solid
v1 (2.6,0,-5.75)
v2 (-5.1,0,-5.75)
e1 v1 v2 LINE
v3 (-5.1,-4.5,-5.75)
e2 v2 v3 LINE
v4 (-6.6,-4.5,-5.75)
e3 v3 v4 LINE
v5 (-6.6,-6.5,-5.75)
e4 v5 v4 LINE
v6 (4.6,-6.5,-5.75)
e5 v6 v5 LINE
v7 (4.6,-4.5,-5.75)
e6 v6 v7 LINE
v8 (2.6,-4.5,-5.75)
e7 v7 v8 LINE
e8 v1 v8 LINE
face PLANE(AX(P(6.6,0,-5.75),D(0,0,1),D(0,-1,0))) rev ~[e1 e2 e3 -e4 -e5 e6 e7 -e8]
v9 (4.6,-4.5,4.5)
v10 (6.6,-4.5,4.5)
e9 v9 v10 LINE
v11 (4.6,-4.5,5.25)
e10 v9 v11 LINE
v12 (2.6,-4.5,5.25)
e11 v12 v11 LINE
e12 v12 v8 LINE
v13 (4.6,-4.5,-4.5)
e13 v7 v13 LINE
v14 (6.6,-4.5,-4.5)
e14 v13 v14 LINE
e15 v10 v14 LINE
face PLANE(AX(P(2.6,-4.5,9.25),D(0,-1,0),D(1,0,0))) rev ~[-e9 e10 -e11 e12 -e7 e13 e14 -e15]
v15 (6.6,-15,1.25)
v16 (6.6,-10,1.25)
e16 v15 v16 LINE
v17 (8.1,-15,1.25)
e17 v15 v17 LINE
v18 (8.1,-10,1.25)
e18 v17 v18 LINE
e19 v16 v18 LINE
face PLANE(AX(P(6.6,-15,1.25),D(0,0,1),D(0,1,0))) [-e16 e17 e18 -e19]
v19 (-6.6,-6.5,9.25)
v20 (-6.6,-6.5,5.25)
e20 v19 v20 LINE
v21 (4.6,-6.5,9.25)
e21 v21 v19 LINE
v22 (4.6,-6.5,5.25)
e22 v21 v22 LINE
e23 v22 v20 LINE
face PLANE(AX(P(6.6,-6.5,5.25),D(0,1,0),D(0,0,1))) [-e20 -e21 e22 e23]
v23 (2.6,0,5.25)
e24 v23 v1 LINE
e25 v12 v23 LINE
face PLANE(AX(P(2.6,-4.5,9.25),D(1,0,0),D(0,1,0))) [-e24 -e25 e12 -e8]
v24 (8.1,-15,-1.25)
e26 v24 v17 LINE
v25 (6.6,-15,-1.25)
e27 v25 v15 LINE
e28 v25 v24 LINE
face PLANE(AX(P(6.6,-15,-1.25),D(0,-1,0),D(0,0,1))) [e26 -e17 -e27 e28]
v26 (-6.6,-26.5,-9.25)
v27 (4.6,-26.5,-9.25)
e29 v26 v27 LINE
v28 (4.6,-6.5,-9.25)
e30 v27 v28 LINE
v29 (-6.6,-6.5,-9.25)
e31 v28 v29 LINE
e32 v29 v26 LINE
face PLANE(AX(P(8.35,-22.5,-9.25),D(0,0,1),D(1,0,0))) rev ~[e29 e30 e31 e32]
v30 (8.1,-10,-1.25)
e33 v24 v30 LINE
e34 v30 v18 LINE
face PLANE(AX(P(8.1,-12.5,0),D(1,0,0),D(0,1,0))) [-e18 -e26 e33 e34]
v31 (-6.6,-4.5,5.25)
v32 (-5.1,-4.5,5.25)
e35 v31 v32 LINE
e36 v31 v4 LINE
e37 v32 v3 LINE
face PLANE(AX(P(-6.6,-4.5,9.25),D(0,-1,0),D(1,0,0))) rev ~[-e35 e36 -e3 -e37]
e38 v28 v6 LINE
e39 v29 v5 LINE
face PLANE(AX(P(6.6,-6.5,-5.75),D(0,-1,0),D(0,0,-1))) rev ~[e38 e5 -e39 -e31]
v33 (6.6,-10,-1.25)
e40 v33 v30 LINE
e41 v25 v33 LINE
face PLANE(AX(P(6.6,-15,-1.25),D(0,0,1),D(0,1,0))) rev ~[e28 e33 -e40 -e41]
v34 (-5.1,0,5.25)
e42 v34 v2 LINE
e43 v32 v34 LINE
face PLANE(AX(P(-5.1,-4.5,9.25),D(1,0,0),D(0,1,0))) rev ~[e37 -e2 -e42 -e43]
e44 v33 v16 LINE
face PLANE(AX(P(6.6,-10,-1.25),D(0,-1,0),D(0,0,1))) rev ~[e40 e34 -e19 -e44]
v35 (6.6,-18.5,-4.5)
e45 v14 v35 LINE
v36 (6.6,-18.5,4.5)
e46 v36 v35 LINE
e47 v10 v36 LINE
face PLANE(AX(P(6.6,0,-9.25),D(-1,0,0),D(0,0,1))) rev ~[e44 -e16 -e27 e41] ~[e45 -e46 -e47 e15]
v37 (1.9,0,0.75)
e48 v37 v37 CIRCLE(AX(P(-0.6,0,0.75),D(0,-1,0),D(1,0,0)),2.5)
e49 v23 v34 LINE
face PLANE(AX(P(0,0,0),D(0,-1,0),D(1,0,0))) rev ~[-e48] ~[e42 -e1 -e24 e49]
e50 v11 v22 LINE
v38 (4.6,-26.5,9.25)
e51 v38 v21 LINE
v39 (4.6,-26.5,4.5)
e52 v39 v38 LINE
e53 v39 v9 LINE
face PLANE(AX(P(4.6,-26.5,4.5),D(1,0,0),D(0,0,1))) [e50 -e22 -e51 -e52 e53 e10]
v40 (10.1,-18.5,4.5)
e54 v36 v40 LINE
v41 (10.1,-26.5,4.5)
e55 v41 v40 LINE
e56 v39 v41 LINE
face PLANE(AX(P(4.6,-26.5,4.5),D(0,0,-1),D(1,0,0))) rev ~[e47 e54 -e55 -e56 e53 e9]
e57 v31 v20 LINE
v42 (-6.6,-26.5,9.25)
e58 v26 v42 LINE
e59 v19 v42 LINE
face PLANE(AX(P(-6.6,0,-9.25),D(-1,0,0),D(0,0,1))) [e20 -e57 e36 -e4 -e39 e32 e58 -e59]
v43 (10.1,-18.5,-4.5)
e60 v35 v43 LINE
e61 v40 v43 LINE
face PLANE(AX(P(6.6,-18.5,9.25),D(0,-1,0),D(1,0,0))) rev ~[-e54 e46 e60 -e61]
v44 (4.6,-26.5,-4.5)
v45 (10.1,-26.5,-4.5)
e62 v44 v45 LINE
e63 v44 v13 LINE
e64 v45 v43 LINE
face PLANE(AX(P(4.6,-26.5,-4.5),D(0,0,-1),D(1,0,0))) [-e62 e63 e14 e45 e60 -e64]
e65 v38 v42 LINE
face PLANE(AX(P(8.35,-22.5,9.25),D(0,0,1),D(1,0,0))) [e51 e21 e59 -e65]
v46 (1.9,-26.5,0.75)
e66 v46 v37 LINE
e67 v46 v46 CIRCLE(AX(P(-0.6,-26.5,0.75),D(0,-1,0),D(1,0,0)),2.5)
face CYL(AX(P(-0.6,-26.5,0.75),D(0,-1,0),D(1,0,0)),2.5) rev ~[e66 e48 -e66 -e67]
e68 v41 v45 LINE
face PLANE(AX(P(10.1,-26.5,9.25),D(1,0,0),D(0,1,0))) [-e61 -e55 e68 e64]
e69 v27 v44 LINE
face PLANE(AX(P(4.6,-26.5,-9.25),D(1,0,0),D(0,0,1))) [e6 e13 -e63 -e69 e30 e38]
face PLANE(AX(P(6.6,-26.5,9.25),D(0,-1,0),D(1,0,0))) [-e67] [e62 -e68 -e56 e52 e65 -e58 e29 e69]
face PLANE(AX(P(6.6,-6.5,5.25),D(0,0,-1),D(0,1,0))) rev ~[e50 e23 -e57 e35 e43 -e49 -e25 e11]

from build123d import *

# Parameters (mm, degrees)
F0_W      = 13.2
F0_H      = 18.5
F1_DEPTH  = 26.5
F2_W      = 4
F2_H      = 4.5
F2_W_2    = 1.5
F3_DEPTH  = 18.501
F4_W      = 5
F4_H      = 2.5
F5_DEPTH  = 1.5
F6_W      = 6.5
F6_H      = 4
F7_DEPTH  = 13.201
F8_W      = 3.5
F8_H      = 8
F9_DEPTH  = 18.5
F10_R     = 2.5
F11_DEPTH = 26.501
F12_W     = 5.5
F12_H     = 4.75
F13_DEPTH = 26.501


with BuildPart() as f1:
    # F0 (on Front) → F1 (new body)
    with BuildSketch(Plane.XZ):
        Rectangle(F0_W, F0_H)
    extrude(amount=F1_DEPTH)

    # F2 (on face) → F3 (cut, through all)
    with BuildSketch(Plane.XY.offset(9.25)):
        with Locations((4.6, -2.25)):
            Rectangle(F2_W, F2_H)
        with Locations((-5.85, -2.25)):
            Rectangle(F2_W_2, F2_H)
    extrude(amount=-F3_DEPTH, mode=Mode.SUBTRACT)

    # F4 (on face) → F5 (join)
    with BuildSketch(Plane.YZ.offset(6.6)):
        with Locations((-12.5, 0)):
            Rectangle(F4_W, F4_H)
    extrude(amount=F5_DEPTH)

    # F6 (on face) → F7 (cut, through all)
    with BuildSketch(Plane.YZ.offset(6.6)):
        Polygon((-4.5, -9.25), (0, -9.25), (0, -5.75), (-6.5, -5.75), (-6.5, -9.25), align=None)
        with Locations((-3.25, 7.25)):
            Rectangle(F6_W, F6_H)
    extrude(amount=-F7_DEPTH, mode=Mode.SUBTRACT)

    # F8 (on face) → F9 (join, through all)
    with BuildSketch(Plane.XY.offset(9.25)):
        with Locations((8.35, -22.5)):
            Rectangle(F8_W, F8_H)
    extrude(amount=-F9_DEPTH)

    # F10 (on face) → F11 (cut, through all)
    with BuildSketch(Plane.XZ.offset(26.5)):
        with Locations((-0.6, 0.75)):
            Circle(F10_R)
    extrude(amount=-F11_DEPTH, mode=Mode.SUBTRACT)

    # F12 (on face) → F13 (cut, through all)
    with BuildSketch(Plane.XZ.offset(26.5)):
        with Locations((7.35, 6.875)):
            Rectangle(F12_W, F12_H)
        with Locations((7.35, -6.875)):
            Rectangle(F12_W, F12_H)
    extrude(amount=-F13_DEPTH, mode=Mode.SUBTRACT)


solid = f1.part
